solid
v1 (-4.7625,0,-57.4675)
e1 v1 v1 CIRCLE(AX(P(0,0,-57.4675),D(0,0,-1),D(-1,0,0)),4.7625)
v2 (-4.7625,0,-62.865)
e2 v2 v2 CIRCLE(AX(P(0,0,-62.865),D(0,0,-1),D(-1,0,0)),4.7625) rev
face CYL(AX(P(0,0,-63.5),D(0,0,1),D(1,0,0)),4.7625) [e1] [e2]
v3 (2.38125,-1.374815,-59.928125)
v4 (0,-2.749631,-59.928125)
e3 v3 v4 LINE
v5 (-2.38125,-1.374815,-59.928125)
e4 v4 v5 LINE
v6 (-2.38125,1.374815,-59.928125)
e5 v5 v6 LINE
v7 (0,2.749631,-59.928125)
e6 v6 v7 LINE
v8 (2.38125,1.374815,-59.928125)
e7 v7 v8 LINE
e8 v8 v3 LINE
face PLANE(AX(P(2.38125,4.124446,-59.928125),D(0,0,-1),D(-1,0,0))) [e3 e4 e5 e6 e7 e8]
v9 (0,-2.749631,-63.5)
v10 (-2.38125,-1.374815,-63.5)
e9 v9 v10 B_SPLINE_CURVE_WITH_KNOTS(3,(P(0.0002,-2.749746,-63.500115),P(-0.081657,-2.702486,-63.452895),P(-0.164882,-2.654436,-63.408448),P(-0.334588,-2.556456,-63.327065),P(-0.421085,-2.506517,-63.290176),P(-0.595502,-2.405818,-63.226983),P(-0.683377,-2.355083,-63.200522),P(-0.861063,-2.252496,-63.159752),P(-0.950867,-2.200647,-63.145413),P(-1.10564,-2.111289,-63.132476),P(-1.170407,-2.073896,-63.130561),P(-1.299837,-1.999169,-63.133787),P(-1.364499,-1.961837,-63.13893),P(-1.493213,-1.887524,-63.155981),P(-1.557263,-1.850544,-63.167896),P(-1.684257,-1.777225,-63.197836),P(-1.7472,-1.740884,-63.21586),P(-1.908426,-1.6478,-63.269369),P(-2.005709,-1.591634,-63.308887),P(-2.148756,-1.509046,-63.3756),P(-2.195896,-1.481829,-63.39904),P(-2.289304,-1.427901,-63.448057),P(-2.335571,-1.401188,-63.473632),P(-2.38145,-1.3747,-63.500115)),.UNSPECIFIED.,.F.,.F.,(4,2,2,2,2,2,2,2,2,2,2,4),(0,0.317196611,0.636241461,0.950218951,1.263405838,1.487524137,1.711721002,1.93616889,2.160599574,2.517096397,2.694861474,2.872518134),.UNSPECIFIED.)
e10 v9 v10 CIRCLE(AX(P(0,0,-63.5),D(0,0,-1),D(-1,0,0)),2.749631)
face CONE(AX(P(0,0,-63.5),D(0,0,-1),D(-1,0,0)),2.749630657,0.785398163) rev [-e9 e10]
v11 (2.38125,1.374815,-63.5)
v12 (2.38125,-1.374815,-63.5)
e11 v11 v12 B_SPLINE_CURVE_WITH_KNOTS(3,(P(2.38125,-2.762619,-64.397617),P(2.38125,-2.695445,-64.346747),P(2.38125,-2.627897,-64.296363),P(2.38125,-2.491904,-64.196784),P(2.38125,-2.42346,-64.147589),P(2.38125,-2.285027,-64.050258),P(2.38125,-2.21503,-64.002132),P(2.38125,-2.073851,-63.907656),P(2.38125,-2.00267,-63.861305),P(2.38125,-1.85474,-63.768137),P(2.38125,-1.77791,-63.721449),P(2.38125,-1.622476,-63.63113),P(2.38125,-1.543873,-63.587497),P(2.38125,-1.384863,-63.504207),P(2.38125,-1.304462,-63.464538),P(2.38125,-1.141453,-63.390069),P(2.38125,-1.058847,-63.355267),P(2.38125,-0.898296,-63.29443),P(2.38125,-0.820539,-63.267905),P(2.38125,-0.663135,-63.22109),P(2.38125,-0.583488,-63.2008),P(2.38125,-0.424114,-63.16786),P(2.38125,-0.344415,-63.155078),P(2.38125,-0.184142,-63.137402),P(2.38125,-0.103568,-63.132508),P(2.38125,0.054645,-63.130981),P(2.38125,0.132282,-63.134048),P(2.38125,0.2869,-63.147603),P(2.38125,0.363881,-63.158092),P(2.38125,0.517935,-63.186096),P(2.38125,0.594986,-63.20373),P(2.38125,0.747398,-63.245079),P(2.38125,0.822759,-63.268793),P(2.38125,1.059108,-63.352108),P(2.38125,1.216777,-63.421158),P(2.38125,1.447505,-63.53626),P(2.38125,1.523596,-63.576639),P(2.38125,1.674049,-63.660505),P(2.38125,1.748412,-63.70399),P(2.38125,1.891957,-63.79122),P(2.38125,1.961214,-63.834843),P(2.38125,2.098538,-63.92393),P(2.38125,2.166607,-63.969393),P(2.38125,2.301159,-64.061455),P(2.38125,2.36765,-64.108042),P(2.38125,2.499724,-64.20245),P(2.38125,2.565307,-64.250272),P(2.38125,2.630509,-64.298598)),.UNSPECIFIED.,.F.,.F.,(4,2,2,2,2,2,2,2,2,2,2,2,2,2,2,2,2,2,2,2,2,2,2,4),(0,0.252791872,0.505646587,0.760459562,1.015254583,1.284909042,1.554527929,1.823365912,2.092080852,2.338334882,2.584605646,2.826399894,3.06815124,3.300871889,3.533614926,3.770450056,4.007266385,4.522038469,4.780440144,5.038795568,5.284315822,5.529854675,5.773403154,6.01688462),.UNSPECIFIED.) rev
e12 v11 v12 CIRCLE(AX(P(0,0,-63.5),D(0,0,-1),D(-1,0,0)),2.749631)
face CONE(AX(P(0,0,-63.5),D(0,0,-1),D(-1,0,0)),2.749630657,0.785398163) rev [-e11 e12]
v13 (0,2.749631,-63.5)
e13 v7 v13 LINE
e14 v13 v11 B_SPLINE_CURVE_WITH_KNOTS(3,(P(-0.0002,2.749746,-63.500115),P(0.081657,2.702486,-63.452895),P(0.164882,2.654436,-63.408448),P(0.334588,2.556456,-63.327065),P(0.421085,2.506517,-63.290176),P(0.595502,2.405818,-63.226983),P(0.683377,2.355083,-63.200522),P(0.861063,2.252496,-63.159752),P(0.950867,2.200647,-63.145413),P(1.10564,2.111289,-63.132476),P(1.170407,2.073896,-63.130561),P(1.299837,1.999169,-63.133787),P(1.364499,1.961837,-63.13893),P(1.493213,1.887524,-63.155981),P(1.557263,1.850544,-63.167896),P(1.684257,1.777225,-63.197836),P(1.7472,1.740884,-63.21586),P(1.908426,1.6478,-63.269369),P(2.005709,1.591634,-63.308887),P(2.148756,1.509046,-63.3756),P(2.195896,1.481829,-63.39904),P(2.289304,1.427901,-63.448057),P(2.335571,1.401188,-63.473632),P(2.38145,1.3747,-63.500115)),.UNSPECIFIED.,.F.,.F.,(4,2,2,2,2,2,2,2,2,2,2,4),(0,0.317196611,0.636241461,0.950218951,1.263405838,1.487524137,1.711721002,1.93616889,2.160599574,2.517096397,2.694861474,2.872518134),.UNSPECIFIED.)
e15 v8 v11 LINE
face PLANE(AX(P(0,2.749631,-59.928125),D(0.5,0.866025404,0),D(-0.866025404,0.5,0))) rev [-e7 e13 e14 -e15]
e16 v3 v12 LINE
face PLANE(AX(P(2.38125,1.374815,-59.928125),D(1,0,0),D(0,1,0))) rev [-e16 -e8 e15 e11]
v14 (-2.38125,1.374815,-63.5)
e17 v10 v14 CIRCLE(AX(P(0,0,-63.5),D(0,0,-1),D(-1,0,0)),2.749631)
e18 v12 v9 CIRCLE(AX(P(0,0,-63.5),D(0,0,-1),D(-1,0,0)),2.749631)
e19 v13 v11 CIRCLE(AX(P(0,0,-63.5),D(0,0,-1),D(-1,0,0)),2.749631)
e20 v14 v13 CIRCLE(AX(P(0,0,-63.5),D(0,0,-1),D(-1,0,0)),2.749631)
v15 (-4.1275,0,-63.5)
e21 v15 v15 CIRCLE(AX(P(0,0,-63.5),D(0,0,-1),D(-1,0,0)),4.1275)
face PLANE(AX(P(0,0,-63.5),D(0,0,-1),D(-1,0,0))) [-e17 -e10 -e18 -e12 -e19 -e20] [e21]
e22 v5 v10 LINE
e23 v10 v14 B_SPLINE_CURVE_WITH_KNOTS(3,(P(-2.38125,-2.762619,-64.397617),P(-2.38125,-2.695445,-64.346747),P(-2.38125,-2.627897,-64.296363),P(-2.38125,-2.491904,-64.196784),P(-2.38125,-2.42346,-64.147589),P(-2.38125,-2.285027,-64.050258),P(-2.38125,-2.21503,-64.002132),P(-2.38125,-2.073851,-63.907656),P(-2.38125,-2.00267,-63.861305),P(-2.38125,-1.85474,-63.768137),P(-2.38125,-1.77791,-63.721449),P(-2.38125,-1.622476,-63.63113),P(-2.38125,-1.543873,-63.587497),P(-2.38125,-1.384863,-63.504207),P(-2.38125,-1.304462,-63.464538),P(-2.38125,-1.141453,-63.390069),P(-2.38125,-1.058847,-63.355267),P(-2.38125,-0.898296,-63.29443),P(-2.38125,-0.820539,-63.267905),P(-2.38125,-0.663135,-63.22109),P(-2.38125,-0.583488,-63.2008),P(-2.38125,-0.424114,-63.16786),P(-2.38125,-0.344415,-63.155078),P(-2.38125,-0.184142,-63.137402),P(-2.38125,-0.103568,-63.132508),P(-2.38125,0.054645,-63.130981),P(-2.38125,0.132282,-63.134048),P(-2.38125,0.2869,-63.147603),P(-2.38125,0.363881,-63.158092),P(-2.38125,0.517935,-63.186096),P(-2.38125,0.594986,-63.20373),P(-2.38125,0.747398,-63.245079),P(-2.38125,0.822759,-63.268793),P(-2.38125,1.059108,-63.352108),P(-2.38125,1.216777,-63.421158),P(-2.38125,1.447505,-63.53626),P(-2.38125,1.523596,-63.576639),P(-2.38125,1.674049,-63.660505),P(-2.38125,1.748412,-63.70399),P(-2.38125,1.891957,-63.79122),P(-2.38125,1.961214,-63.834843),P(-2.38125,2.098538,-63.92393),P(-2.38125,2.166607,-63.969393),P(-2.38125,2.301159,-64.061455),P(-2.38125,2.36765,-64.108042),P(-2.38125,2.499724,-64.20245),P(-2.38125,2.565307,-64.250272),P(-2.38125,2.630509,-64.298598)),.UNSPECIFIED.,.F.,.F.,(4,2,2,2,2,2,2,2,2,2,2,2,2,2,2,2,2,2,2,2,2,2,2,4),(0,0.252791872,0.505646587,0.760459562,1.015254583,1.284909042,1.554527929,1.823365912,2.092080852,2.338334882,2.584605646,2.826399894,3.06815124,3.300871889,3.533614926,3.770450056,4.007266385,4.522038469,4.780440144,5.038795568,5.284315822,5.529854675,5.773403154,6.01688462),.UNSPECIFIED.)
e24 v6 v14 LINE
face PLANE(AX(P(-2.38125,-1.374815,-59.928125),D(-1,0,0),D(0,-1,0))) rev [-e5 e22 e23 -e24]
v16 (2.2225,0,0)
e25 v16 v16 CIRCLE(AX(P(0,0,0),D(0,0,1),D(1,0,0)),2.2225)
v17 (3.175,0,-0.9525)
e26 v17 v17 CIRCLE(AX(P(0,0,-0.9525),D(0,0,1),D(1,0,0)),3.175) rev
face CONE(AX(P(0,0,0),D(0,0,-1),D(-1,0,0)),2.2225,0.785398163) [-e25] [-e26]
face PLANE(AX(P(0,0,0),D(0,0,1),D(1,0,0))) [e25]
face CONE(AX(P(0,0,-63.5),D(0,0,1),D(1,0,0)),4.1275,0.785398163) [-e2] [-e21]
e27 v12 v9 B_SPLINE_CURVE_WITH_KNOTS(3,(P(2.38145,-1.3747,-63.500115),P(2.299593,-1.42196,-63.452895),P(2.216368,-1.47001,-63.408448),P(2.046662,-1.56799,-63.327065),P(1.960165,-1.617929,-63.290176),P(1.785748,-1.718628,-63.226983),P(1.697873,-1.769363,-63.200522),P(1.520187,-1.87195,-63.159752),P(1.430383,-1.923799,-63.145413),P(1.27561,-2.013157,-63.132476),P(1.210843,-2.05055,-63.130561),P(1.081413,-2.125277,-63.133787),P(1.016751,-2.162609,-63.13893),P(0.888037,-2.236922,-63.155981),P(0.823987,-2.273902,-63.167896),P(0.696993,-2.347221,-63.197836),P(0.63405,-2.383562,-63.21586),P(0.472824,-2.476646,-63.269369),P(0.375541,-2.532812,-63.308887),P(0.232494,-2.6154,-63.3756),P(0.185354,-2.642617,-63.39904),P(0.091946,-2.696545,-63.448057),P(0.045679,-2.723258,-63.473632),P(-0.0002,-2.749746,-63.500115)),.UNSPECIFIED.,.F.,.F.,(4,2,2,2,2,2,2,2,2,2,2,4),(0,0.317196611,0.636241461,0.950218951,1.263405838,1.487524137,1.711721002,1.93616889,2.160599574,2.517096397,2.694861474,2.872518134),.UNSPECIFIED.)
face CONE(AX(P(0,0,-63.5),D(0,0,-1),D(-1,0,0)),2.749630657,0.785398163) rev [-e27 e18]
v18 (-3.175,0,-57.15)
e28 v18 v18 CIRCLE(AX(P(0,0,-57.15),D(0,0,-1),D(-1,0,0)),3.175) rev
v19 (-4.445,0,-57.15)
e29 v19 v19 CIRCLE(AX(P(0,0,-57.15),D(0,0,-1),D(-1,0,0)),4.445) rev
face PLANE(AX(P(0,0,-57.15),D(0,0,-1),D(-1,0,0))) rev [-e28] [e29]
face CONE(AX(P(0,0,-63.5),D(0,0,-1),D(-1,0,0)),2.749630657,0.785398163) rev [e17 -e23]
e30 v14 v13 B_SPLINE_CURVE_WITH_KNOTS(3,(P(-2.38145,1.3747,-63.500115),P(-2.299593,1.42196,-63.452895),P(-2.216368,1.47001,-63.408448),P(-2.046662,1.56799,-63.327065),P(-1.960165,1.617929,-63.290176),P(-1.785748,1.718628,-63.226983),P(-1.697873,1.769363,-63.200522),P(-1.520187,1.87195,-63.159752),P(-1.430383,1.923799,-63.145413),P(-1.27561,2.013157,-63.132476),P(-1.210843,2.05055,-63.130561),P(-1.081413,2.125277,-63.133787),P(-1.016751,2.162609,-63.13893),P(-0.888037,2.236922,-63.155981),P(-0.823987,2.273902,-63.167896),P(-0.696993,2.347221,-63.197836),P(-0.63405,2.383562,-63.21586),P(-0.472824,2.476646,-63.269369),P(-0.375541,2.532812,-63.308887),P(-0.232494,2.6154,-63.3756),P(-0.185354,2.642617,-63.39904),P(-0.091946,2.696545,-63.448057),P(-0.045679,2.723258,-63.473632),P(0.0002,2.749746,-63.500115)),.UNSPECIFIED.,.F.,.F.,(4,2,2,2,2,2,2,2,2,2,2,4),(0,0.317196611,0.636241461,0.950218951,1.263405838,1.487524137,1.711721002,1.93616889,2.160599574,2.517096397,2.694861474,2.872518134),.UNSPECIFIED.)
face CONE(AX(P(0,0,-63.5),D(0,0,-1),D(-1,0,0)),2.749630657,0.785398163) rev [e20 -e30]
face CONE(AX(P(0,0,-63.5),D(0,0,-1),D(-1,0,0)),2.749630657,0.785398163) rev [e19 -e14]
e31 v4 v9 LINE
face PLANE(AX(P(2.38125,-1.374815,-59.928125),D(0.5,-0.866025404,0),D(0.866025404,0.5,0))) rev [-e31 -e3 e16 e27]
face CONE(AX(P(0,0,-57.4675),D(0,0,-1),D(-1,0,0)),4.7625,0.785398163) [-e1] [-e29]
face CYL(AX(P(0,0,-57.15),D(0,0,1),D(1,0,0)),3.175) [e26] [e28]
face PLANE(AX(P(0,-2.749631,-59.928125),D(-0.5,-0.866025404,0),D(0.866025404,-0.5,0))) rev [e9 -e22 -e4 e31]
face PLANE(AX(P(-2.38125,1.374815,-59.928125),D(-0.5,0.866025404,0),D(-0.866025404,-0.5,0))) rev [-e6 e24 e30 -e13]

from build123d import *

# Parameters (mm, degrees)
SKETCH1_R          = 3.175
EXTRUDE1_DEPTH     = 57.15
CHAMFER3_SIZE      = 0.9525
SKETCH6_R          = 4.7625
EXTRUDE2_DEPTH     = 6.35
CUT_EXTRUDE1_DEPTH = 3.571875
SKETCH8_R          = 2.749630657
CUT_EXTRUDE2_DEPTH = 0.635
CUT_EXTRUDE2_DRAFT = -45
CHAMFER1_SIZE      = 0.635
CHAMFER2_SIZE      = 0.3175


with BuildPart() as part:
    # Sketch1 → Extrude1 (new body)
    with BuildSketch(Plane.XY):
        Circle(SKETCH1_R)
    extrude(amount=-EXTRUDE1_DEPTH)

    # Chamfer3
    chamfer3_edges = [part.edges().sort_by_distance(p)[0] for p in [
        (-3.175, 0, 0),
    ]]
    chamfer(chamfer3_edges, length=CHAMFER3_SIZE)

    # Sketch5 → partially thread (revolve)
    with BuildSketch(Plane(origin=(0, 0, 0), x_dir=(0, 0, -1), z_dir=(1, 0, 0))):
        Polygon((57.15, 3.175), (25.4, 3.175), (22.225, 0), (25.4, 0), (57.15, 0), align=None)
    revolve(axis=Axis((0, 0, 0), (0, 0, -1)))

    # Sketch6 → Extrude2 (add)
    with BuildSketch(Plane(origin=(0, 0, -57.15), x_dir=(-1, 0, 0), z_dir=(0, 0, -1))):
        Circle(SKETCH6_R)
    extrude(amount=EXTRUDE2_DEPTH)

    # Sketch7 → Cut-Extrude1 (cut)
    with BuildSketch(Plane(origin=(0, 0, -63.5), x_dir=(-1, 0, 0), z_dir=(0, 0, -1))):
        Polygon((0, 2.749630657), (-2.38125, 1.374815329), (-2.38125, -1.374815329), (0, -2.749630657), (2.38125, -1.374815329), (2.38125, 1.374815329), align=None)
    extrude(amount=-CUT_EXTRUDE1_DEPTH, mode=Mode.SUBTRACT)


with BuildPart() as cut_extrude2_tool:
    # Sketch8 → Cut-Extrude2 (with draft: the straight prism first)
    with BuildSketch(Plane(origin=(0, 0, -63.5), x_dir=(-1, 0, 0), z_dir=(0, 0, -1))):
        Circle(SKETCH8_R)
    extrude(amount=-CUT_EXTRUDE2_DEPTH)
    # Cut-Extrude2: the draft: its side faces are tilted about the plane it starts from
    cut_extrude2_sides = [cut_extrude2_tool.faces().sort_by_distance(p)[0] for p in [
        (2.749630657, 0, -63.1825),
    ]]
    draft(cut_extrude2_sides, Plane(origin=(0, 0, -63.5), x_dir=(-1, 0, 0), z_dir=(0, 0, -1)), CUT_EXTRUDE2_DRAFT)


with BuildPart() as part_1:
    add(part.part)

    # Cut-Extrude2: cut by cut_extrude2_tool
    add(cut_extrude2_tool.part, mode=Mode.SUBTRACT)

    # Chamfer1
    chamfer1_edges = [part_1.edges().sort_by_distance(p)[0] for p in [
        (4.7625, 0, -63.5),
    ]]
    chamfer(chamfer1_edges, length=CHAMFER1_SIZE)

    # Chamfer2
    chamfer2_edges = [part_1.edges().sort_by_distance(p)[0] for p in [
        (4.7625, 0, -57.15),
    ]]
    chamfer(chamfer2_edges, length=CHAMFER2_SIZE)


solid = part_1.part
